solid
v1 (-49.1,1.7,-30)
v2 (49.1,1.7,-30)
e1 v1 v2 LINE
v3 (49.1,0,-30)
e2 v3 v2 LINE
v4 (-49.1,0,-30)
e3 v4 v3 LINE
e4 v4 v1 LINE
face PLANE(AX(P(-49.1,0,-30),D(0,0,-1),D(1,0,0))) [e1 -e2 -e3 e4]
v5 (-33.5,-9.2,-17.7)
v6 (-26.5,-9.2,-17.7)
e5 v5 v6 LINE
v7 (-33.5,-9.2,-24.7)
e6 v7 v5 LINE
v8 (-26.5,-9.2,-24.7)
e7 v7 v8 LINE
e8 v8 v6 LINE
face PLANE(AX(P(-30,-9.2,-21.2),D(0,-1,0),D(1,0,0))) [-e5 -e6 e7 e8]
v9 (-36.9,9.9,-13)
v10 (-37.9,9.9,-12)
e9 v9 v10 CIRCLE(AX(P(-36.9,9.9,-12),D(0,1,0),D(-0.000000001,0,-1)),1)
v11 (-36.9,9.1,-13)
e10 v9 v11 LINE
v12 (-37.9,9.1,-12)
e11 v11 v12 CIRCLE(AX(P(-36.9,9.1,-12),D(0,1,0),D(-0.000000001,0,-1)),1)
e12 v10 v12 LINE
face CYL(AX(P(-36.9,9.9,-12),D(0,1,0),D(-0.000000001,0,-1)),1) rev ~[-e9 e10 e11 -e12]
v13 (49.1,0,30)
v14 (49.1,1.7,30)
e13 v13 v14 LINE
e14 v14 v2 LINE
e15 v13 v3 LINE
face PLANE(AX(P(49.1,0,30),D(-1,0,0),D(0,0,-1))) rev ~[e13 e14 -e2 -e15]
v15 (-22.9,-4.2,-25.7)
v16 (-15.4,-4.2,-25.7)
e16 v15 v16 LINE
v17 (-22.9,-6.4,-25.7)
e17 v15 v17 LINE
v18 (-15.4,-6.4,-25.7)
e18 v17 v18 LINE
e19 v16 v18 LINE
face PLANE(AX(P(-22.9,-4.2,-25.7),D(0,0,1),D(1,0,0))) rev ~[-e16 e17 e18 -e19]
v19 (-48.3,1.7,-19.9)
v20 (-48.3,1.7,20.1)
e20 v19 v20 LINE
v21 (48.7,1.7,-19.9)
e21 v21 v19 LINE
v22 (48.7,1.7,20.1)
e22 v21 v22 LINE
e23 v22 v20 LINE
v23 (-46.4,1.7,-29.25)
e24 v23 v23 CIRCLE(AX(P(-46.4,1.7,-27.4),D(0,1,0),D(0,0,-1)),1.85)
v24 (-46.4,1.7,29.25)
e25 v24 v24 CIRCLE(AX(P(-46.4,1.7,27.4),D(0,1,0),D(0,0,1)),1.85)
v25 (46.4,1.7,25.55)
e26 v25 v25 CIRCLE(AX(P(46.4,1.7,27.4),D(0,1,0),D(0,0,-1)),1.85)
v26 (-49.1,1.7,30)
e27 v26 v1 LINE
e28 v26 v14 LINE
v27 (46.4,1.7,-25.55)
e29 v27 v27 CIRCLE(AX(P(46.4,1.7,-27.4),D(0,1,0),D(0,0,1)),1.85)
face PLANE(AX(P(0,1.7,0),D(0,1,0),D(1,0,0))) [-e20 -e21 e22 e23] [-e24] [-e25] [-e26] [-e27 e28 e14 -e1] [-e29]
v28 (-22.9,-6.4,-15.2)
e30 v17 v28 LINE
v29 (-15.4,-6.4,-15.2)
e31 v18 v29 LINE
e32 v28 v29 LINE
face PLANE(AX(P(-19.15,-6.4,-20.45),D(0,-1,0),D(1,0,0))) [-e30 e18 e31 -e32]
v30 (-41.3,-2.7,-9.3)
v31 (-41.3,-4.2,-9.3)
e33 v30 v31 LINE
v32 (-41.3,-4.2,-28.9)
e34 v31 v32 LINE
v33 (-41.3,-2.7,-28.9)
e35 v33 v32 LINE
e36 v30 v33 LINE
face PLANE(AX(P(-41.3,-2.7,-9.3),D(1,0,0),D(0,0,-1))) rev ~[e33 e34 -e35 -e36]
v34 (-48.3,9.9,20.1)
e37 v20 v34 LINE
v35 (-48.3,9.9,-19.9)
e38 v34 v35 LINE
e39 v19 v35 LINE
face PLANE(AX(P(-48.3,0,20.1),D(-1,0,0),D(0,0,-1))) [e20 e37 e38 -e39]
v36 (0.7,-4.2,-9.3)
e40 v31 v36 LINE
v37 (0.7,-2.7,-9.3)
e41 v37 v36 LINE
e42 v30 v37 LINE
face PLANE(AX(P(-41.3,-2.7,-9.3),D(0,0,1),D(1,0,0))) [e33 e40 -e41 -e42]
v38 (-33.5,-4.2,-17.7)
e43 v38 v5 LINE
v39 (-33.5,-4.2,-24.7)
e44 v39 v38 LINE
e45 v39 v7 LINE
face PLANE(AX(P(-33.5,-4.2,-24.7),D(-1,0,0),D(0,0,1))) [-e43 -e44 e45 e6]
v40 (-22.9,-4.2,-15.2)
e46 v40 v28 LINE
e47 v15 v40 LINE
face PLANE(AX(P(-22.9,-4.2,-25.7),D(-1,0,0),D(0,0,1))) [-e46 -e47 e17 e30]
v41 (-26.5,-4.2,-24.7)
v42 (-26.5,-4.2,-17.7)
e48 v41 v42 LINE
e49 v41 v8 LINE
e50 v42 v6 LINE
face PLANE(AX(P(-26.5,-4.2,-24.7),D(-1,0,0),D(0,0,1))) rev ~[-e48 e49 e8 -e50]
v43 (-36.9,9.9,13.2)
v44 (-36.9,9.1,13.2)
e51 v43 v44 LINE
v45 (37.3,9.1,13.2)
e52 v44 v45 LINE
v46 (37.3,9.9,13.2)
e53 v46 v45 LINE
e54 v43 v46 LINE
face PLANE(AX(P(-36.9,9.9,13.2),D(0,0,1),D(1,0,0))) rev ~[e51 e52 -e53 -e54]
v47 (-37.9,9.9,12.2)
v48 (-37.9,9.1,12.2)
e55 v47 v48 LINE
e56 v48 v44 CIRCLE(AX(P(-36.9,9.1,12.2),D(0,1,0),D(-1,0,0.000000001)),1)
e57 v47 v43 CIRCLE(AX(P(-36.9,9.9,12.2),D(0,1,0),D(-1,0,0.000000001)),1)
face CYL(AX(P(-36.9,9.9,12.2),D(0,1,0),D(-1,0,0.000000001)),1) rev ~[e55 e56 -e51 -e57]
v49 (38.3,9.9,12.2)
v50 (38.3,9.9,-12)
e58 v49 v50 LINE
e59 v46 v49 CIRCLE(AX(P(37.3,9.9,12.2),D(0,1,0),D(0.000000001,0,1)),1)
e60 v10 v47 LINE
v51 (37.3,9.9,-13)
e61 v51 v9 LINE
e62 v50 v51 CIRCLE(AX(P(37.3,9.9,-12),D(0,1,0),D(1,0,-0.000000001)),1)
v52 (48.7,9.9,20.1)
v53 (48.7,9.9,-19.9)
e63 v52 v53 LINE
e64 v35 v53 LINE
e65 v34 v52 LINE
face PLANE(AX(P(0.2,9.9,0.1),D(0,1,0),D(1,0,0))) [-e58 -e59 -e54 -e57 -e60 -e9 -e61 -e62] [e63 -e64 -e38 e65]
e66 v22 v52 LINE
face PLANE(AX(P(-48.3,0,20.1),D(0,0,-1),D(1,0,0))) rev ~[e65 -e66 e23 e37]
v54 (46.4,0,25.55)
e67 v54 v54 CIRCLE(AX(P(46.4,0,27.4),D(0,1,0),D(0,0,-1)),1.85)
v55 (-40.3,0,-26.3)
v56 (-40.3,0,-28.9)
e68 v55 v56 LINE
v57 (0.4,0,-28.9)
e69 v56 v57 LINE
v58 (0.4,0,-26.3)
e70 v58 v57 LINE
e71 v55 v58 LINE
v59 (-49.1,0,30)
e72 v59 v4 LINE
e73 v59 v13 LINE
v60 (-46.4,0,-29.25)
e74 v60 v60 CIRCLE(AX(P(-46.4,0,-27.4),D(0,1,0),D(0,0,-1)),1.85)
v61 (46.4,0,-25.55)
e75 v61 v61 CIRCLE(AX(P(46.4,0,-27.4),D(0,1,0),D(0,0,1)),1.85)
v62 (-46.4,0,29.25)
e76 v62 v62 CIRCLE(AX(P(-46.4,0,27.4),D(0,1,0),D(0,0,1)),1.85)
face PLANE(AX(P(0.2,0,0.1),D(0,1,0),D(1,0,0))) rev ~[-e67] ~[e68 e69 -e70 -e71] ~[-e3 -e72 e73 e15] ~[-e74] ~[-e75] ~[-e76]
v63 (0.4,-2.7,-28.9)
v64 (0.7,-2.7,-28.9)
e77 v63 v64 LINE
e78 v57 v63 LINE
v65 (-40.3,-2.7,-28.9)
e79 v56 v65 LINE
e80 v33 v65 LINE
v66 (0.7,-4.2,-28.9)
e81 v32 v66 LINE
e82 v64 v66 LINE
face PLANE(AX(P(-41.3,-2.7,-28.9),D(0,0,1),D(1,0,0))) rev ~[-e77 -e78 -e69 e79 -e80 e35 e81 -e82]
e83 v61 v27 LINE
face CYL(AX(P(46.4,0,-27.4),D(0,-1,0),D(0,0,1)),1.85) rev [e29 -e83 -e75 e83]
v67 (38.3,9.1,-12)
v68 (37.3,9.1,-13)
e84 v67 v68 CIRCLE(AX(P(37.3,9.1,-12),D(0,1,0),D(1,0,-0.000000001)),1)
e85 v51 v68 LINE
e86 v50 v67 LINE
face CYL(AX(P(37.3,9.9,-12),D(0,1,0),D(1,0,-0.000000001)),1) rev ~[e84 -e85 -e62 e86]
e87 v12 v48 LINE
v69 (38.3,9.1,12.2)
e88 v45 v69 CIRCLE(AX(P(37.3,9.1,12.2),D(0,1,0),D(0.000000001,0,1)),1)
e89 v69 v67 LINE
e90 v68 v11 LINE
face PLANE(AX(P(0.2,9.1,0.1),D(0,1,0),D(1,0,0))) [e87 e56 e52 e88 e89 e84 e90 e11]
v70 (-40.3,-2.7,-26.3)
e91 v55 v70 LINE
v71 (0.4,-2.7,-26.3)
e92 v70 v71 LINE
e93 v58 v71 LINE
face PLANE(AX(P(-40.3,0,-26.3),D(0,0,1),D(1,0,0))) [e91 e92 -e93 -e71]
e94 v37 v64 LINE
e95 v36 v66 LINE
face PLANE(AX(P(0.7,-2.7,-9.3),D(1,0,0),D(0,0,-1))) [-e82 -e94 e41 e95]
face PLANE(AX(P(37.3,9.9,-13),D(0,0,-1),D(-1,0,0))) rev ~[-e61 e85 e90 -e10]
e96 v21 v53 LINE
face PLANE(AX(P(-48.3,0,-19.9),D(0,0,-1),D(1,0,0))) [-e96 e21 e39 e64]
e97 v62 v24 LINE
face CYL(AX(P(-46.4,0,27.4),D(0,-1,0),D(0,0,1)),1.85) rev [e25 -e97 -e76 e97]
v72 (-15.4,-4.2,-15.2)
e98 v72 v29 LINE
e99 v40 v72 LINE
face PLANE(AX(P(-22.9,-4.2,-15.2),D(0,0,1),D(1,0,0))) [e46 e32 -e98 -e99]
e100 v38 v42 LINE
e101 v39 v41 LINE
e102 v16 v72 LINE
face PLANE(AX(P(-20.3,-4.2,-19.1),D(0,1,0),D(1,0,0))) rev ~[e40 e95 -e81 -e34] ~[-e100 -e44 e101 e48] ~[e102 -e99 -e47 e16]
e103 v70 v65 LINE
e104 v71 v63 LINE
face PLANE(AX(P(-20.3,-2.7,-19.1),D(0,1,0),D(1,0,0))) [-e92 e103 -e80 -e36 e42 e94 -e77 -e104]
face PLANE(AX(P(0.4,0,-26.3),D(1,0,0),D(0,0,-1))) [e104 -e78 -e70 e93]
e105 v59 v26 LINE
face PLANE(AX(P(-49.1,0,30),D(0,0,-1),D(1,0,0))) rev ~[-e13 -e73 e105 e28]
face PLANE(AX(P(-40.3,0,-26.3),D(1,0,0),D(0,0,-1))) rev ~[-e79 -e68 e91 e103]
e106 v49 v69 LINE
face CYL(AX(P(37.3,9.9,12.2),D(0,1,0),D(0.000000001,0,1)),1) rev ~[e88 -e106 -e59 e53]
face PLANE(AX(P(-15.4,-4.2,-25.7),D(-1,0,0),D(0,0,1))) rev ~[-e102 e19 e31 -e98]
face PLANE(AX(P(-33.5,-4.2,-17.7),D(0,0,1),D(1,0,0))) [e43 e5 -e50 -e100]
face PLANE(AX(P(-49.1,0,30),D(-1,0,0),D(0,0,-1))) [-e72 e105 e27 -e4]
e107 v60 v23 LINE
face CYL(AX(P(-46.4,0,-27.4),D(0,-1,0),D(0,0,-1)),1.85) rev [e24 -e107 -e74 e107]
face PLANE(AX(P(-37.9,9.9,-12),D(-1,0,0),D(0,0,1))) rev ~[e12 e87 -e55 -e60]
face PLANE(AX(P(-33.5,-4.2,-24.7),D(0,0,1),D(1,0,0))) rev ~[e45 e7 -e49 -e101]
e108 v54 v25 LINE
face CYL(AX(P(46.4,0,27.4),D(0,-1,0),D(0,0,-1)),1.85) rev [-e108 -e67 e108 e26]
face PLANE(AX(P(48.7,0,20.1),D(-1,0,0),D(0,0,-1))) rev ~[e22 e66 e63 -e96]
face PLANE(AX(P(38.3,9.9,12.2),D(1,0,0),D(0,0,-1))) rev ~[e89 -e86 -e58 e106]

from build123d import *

# Parameters (mm, degrees)
SKETCH_1_W          = 98.2
SKETCH_1_H          = 60
SKETCH_1_R          = 1.85
EXTRUDE_1_DEPTH     = 1.7
SKETCH_2_W          = 97
SKETCH_2_H          = 40
EXTRUDE_2_DEPTH     = 9.9
CUT_EXTRUDE_1_DEPTH = 0.8
EXTRUDE_START       = -2.7
SKETCH_4_W          = 42
SKETCH_4_H          = 19.6
EXTRUDE_3_DEPTH     = 1.5
SKETCH_5_W          = 40.7
SKETCH_5_H          = 2.6
EXTRUDE_4_DEPTH     = 2.7
SKETCH_6_W          = 7
SKETCH_6_H          = 7
EXTRUDE_5_DEPTH     = 5
SKETCH_6_3_W        = 7.5
SKETCH_6_3_H        = 10.5
EXTRUDE_6_DEPTH     = 2.2


with BuildPart() as part:
    # 草圖1 → 填料-伸長1 (new body)
    with BuildSketch(Plane(origin=(0, 0, 0), x_dir=(1, 0, 0), z_dir=(0, 1, 0))):
        Rectangle(SKETCH_1_W, SKETCH_1_H)
        with Locations(Location((46.4, 27.4, 0), (0, 0, 270))):
            Circle(SKETCH_1_R, mode=Mode.SUBTRACT)
        with Locations(Location((-46.4, 27.4, 0), (0, 0, 90))):
            Circle(SKETCH_1_R, mode=Mode.SUBTRACT)
        with Locations(Location((46.4, -27.4, 0), (0, 0, 90))):
            Circle(SKETCH_1_R, mode=Mode.SUBTRACT)
        with Locations(Location((-46.4, -27.4, 0), (0, 0, 270))):
            Circle(SKETCH_1_R, mode=Mode.SUBTRACT)
    extrude(amount=EXTRUDE_1_DEPTH)

    # 草圖2 → 填料-伸長2 (add)
    with BuildSketch(Plane(origin=(0, 0, 0), x_dir=(1, 0, 0), z_dir=(0, 1, 0))):
        with Locations((0.2, -0.1)):
            Rectangle(SKETCH_2_W, SKETCH_2_H)
    extrude(amount=EXTRUDE_2_DEPTH)

    # 草圖3 → 除料-伸長1 (cut)
    with BuildSketch(Plane(origin=(0, 9.9, 0), x_dir=(1, 0, 0), z_dir=(0, 1, 0))):
        with BuildLine():
            Line((-36.9, -13.2), (37.3, -13.2))
            ThreePointArc((37.3, -13.2), (38.007106781, -12.907106781), (38.3, -12.2))
            Line((38.3, -12.2), (38.3, 12))
            ThreePointArc((38.3, 12), (38.007106781, 12.707106781), (37.3, 13))
            Line((37.3, 13), (-36.9, 13))
            ThreePointArc((-36.9, 13), (-37.607106781, 12.707106781), (-37.9, 12))
            Line((-37.9, 12), (-37.9, -12.2))
            ThreePointArc((-37.9, -12.2), (-37.607106781, -12.907106781), (-36.9, -13.2))
        make_face()
    extrude(amount=-CUT_EXTRUDE_1_DEPTH, mode=Mode.SUBTRACT)



with BuildPart() as body_2:
    # 草圖4 → 填料-伸長3 (new body)
    with BuildSketch(Plane(origin=(0, 0, 0), x_dir=(1, 0, 0), z_dir=(0, 1, 0)).offset(EXTRUDE_START)):
        with Locations((-20.3, 19.1)):
            Rectangle(SKETCH_4_W, SKETCH_4_H)
    extrude(amount=-EXTRUDE_3_DEPTH)


with BuildPart() as part_1:
    add(part.part)

    add(body_2.part)  # 填料-伸長4 merges body 2
    # 草圖5 → 填料-伸長4 (add)
    with BuildSketch(Plane(origin=(0, 0, 0), x_dir=(1, 0, 0), z_dir=(0, 1, 0))):
        with Locations((-19.95, 27.6)):
            Rectangle(SKETCH_5_W, SKETCH_5_H)
    extrude(amount=-EXTRUDE_4_DEPTH)

    # 草圖6 → 填料-伸長5 (add)
    with BuildSketch(Plane.XZ.offset(4.2)):
        with Locations((-30, -21.2)):
            Rectangle(SKETCH_6_W, SKETCH_6_H)
    extrude(amount=EXTRUDE_5_DEPTH)

    # 草圖6<3> → 填料-伸長6 (add)
    with BuildSketch(Plane.XZ.offset(4.2)):
        with Locations((-19.15, -20.45)):
            Rectangle(SKETCH_6_3_W, SKETCH_6_3_H)
    extrude(amount=EXTRUDE_6_DEPTH)


solid = part_1.part
